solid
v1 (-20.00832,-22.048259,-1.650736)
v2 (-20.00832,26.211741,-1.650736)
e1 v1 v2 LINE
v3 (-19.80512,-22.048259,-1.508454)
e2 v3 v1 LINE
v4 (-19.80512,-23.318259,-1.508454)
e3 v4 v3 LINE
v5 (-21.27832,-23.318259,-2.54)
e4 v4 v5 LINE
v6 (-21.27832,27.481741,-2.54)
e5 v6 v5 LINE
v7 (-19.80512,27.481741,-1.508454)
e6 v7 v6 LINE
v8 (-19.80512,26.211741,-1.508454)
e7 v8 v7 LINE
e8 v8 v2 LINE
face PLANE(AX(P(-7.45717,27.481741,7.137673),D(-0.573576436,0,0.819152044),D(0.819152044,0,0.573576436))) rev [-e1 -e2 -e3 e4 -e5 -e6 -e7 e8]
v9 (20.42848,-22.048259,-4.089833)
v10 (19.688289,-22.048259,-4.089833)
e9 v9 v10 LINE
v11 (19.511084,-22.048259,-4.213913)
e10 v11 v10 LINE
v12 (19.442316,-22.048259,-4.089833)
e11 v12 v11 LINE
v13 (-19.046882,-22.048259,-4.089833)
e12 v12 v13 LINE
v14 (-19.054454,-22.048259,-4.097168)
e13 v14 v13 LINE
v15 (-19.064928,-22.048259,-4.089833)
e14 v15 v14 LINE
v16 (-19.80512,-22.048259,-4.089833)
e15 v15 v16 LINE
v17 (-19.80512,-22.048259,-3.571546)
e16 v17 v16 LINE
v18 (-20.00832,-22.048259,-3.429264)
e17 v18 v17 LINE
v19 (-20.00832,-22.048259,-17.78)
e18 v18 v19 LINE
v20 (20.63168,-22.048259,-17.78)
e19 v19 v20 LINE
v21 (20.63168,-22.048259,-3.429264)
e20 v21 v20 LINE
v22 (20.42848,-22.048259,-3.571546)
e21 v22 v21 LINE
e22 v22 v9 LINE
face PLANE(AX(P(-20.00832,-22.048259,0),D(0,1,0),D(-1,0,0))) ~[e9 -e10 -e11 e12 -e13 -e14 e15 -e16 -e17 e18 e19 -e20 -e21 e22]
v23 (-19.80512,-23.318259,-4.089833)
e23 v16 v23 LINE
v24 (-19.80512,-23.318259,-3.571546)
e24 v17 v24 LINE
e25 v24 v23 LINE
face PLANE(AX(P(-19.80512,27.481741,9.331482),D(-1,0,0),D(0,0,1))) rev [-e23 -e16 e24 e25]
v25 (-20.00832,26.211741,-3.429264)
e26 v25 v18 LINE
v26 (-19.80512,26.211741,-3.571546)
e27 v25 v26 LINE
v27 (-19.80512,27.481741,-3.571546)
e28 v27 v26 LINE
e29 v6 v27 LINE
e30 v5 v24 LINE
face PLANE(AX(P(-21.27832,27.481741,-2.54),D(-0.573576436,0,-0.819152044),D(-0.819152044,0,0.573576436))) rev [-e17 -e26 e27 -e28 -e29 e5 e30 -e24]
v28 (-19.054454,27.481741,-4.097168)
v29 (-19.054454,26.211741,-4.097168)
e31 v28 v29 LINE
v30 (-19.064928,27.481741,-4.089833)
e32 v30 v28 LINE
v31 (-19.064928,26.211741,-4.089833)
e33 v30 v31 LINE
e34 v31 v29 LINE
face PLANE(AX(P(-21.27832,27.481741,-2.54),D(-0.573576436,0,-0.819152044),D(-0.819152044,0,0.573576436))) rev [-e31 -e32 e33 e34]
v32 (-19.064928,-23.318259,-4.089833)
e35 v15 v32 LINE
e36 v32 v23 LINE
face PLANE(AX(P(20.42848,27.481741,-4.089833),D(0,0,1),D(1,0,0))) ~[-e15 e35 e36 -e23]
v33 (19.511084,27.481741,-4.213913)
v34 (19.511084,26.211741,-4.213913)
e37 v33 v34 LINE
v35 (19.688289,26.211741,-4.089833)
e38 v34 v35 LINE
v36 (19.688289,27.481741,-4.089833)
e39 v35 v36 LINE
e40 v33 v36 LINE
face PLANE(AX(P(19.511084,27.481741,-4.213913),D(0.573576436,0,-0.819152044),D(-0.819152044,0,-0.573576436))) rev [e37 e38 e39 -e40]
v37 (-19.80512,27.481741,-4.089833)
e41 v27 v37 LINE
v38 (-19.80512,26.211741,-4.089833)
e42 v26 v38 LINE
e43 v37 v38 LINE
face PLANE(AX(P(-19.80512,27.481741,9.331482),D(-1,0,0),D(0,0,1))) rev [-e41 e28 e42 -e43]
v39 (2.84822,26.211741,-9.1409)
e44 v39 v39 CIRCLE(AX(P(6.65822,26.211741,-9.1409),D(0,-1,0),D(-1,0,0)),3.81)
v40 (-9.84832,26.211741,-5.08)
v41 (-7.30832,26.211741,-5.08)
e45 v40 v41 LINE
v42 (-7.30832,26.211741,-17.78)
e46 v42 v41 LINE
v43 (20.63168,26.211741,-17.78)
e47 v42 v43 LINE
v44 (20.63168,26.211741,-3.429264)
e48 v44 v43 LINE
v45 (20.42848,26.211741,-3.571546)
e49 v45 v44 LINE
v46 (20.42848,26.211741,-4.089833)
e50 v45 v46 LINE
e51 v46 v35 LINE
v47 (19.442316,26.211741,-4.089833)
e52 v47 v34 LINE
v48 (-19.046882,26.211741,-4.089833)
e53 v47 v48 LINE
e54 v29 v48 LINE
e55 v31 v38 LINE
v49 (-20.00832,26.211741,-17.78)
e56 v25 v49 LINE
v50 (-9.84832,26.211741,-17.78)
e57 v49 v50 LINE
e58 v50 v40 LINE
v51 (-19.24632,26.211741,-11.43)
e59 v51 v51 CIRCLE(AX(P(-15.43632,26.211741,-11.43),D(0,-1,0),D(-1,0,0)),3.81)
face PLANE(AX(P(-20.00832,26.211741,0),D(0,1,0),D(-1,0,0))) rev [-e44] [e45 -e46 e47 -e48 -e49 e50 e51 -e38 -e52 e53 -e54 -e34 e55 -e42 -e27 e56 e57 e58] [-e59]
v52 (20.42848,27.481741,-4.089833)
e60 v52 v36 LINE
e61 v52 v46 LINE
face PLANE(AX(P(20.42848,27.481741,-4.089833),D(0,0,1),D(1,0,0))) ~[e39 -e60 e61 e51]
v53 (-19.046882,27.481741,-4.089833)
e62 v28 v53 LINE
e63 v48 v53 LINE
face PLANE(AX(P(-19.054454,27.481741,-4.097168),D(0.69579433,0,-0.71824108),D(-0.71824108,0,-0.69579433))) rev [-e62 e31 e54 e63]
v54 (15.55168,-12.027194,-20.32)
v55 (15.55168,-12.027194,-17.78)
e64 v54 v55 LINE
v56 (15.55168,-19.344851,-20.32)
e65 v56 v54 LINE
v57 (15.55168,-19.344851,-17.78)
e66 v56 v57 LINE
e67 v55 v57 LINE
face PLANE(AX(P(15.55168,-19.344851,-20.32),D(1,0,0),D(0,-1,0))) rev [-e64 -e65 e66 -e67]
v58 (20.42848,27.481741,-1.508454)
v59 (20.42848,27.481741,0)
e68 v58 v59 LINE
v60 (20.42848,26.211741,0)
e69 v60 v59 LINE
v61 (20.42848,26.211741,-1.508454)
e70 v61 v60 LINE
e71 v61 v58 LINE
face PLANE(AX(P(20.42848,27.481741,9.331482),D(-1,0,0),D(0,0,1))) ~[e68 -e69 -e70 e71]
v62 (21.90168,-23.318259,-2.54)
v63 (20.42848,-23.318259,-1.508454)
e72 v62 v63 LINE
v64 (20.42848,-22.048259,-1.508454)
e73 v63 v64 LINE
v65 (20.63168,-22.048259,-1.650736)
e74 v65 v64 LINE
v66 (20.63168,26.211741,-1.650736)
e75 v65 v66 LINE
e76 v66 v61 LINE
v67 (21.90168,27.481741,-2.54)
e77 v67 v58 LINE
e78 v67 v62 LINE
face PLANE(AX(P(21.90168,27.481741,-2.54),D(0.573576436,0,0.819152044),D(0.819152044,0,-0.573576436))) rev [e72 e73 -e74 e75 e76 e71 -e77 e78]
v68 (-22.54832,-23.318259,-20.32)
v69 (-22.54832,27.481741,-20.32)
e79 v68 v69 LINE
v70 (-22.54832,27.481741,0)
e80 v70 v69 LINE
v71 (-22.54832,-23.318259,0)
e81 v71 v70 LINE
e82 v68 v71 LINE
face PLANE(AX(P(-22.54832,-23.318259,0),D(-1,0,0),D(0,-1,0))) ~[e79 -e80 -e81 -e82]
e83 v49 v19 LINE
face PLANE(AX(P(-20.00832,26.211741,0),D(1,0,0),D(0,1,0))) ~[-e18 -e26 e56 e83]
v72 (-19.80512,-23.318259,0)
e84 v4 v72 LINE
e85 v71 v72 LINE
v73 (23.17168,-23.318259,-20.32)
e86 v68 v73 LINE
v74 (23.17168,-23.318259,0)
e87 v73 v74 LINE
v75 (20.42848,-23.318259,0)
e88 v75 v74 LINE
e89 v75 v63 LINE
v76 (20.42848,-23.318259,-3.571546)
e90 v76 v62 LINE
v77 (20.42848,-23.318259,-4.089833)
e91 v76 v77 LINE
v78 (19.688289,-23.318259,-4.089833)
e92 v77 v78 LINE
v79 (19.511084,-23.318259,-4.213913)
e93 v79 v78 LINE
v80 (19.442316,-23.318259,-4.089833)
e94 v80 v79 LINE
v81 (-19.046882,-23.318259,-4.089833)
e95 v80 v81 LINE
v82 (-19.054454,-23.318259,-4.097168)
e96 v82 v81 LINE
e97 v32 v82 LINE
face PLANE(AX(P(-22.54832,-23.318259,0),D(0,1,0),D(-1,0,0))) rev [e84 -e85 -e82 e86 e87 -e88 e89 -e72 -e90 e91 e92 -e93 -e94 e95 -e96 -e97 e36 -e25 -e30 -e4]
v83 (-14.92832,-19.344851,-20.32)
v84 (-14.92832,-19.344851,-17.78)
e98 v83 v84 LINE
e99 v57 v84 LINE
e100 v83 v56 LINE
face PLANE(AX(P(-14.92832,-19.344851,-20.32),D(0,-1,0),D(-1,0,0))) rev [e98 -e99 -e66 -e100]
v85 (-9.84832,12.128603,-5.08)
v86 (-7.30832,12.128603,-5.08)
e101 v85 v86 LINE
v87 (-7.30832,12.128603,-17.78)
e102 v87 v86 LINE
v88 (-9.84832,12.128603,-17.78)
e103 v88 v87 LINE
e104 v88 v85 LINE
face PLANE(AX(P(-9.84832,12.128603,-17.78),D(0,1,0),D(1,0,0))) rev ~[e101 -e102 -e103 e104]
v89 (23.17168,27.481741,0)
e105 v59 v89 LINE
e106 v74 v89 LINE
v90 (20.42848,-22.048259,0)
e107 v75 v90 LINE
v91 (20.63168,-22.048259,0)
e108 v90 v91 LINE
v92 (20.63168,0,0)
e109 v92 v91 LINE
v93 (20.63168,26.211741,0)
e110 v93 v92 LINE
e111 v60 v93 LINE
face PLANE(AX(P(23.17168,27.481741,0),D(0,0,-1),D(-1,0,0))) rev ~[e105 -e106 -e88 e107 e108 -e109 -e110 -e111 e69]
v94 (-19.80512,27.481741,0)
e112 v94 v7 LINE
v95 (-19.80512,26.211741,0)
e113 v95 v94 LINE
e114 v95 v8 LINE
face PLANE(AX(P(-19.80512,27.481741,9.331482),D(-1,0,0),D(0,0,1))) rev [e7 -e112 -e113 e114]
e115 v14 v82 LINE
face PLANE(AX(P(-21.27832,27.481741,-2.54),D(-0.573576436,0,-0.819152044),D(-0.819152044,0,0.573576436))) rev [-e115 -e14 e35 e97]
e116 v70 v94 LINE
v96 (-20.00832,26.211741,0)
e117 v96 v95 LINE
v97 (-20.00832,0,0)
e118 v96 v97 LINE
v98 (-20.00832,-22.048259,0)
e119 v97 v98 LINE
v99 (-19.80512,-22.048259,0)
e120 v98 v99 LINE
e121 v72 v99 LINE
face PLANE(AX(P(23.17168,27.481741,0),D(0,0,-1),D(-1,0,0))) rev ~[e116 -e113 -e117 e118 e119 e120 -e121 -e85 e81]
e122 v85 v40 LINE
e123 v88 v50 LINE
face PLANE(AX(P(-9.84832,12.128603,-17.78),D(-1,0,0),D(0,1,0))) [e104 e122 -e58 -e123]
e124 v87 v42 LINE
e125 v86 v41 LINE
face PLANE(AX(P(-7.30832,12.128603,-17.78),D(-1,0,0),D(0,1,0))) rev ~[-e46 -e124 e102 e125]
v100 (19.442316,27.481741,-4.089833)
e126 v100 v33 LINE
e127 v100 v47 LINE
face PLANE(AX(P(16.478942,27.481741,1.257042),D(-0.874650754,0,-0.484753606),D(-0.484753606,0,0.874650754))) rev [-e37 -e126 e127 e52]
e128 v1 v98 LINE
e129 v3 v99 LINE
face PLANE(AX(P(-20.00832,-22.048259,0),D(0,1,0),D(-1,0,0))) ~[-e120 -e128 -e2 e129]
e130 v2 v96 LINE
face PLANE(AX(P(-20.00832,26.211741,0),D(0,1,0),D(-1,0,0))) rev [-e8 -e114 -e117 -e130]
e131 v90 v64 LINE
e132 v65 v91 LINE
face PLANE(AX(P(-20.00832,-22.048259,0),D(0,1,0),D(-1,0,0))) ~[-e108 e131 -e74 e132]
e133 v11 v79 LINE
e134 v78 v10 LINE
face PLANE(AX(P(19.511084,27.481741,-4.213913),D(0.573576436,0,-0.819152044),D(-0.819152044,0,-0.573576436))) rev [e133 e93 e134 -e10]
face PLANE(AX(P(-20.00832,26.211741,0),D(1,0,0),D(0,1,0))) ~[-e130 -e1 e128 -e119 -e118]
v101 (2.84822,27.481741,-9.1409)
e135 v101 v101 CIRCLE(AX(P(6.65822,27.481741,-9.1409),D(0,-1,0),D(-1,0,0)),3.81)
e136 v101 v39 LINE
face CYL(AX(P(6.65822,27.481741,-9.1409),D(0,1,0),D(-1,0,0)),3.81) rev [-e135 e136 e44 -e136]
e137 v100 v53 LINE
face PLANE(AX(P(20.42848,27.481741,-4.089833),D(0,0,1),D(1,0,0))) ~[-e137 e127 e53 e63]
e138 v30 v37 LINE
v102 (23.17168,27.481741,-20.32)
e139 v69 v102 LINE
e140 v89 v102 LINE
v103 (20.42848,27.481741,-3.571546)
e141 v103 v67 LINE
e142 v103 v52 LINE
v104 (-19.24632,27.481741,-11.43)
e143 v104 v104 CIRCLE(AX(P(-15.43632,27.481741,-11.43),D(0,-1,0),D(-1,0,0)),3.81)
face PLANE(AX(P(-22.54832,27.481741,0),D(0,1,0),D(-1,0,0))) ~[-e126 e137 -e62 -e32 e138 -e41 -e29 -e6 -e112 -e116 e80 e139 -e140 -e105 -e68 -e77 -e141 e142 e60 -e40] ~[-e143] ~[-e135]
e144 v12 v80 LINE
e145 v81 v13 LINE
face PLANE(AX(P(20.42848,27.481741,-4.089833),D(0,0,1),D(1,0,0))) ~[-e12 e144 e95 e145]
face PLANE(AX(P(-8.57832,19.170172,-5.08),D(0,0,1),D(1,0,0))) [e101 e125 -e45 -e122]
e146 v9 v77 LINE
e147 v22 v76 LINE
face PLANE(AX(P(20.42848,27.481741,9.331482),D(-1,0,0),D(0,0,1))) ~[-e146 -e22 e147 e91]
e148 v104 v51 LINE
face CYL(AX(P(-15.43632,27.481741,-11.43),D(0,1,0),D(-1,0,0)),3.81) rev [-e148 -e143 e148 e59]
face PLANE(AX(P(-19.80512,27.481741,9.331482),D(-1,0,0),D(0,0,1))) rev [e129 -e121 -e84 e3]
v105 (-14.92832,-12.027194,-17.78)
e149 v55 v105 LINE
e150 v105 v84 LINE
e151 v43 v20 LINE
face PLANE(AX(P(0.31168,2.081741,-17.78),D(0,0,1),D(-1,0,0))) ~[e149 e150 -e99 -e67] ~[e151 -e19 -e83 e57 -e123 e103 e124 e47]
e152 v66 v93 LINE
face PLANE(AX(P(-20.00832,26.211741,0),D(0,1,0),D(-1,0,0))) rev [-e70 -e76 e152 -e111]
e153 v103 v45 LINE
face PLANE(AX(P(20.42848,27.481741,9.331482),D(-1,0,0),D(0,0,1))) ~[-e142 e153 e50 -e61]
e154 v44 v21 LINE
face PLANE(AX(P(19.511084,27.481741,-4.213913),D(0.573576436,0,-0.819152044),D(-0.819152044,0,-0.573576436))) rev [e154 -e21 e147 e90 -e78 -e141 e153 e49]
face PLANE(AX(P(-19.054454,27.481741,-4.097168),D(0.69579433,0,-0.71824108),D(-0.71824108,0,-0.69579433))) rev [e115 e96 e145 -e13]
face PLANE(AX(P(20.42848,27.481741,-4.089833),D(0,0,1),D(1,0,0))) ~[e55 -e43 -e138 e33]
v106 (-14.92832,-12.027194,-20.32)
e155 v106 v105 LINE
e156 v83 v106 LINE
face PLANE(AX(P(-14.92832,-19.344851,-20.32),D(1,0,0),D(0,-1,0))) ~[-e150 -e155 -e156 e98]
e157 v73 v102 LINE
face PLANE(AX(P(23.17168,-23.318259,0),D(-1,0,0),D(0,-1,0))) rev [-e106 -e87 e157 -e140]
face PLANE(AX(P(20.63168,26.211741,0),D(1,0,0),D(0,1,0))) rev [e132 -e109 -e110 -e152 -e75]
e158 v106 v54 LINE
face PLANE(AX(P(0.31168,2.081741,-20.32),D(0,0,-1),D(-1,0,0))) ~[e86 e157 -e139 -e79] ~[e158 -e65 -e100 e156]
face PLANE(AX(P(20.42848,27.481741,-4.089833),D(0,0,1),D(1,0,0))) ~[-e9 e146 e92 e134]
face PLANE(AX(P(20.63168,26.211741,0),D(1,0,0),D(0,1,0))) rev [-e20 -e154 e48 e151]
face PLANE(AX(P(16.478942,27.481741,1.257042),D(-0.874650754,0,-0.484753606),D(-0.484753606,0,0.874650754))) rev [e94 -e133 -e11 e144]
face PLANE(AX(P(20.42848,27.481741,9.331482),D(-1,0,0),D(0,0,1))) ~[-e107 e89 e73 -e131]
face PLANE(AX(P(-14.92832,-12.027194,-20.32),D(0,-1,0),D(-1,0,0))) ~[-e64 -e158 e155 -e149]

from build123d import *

# Parameters (mm, degrees)
F0_W      = 45.72
F0_H      = 50.8
F1_DEPTH  = 20.32
F2_W      = 40.64
F2_H      = 48.26
F3_DEPTH  = 17.78
F6_DEPTH  = 76.2
F7_W      = 40.2336
F7_H      = 13.4213150721
F8_DEPTH  = 76.2
F9_R      = 3.81
F10_DEPTH = 25.4
F11_R     = 3.81
F12_DEPTH = 25.4
F13_W     = 30.48
F13_H     = 7.3176570747
F14_DEPTH = 25.4
F16_W     = 85.4751653969
F16_H     = 36.5072973073
F17_DEPTH = 27.4827411682
F4_W      = 45.72
F4_H      = 20.32
F18_DEPTH = 1295.4
F19_W     = 2.54
F19_H     = 14.0831380416
F20_DEPTH = 12.7


with BuildPart() as f1:
    # F0 (on Top) → F1 (new body)
    with BuildSketch(Plane.XY):
        with Locations((0.3116804636, 2.0817411682)):
            Rectangle(F0_W, F0_H)
    extrude(amount=F1_DEPTH)

    # F2 (on face) → F3 (cut)
    with BuildSketch(Plane(origin=(0, 0, 0), x_dir=(1, 0, 0), z_dir=(0, 0, -1))):
        with Locations((0.3116804636, -2.0817411682)):
            Rectangle(F2_W, F2_H)
    extrude(amount=-F3_DEPTH, mode=Mode.SUBTRACT)

    # F5 (on face) → F6 (cut)
    with BuildSketch(Plane(origin=(0, 27.4817411682, 0), x_dir=(-1, 0, 0), z_dir=(0, 1, 0))):
        Polygon((7.4571696945, -7.1376733061), (21.2783195364, 2.54), (19.0544535564, 4.0971677232), align=None)
        Polygon((-16.4789422694, -1.2570421612), (-19.511084422, 4.2139133691), (-21.9016804636, 2.54), align=None)
    extrude(amount=-F6_DEPTH, mode=Mode.SUBTRACT)

    # F7 (on face) → F8 (cut)
    with BuildSketch(Plane(origin=(0, 27.4817411682, 0), x_dir=(-1, 0, 0), z_dir=(0, 1, 0))):
        with Locations((-0.3116804636, -2.6208243798)):
            Rectangle(F7_W, F7_H)
    extrude(amount=-F8_DEPTH, mode=Mode.SUBTRACT)

    # F9 (on face) → F10 (cut)
    with BuildSketch(Plane(origin=(0, 27.4817411682, 0), x_dir=(-1, 0, 0), z_dir=(0, 1, 0))):
        with Locations((-6.658220198, 9.1409003362)):
            Circle(F9_R)
    extrude(amount=-F10_DEPTH, mode=Mode.SUBTRACT)

    # F11 (on face) → F12 (cut)
    with BuildSketch(Plane(origin=(0, 27.4817411682, 0), x_dir=(-1, 0, 0), z_dir=(0, 1, 0))):
        with Locations((15.4363195364, 11.43)):
            Circle(F11_R)
    extrude(amount=-F12_DEPTH, mode=Mode.SUBTRACT)

    # F13 (on face) → F14 (cut)
    with BuildSketch(Plane.XY.offset(20.32)):
        with Locations((0.3116804636, -15.6860221177)):
            Rectangle(F13_W, F13_H)
    extrude(amount=-F14_DEPTH, mode=Mode.SUBTRACT)

    # F15: F1 across plane


with BuildPart() as f1_1:
    add(f1.part)
    add(f1.part.mirror(Plane.XY))

    # F16 (on Front) → F17 (cut, through all)
    with BuildSketch(Plane.XZ):
        with Locations((-9.5093864948, 18.2536486536)):
            Rectangle(F16_W, F16_H)
    extrude(amount=-F17_DEPTH, mode=Mode.SUBTRACT)

    # F4 (on face) → F18 (cut)
    with BuildSketch(Plane(origin=(0, 27.4817411682, 0), x_dir=(-1, 0, 0), z_dir=(0, 1, 0))):
        with Locations((-0.3116804636, 10.16)):
            Rectangle(F4_W, F4_H)
    extrude(amount=-F18_DEPTH, mode=Mode.SUBTRACT)

    # F19 (on face) → F20 (join)
    with BuildSketch(Plane.XY.offset(-17.78)):
        with Locations((-8.5783195364, 19.1701721474)):
            Rectangle(F19_W, F19_H)
    extrude(amount=F20_DEPTH)


solid = f1_1.part
